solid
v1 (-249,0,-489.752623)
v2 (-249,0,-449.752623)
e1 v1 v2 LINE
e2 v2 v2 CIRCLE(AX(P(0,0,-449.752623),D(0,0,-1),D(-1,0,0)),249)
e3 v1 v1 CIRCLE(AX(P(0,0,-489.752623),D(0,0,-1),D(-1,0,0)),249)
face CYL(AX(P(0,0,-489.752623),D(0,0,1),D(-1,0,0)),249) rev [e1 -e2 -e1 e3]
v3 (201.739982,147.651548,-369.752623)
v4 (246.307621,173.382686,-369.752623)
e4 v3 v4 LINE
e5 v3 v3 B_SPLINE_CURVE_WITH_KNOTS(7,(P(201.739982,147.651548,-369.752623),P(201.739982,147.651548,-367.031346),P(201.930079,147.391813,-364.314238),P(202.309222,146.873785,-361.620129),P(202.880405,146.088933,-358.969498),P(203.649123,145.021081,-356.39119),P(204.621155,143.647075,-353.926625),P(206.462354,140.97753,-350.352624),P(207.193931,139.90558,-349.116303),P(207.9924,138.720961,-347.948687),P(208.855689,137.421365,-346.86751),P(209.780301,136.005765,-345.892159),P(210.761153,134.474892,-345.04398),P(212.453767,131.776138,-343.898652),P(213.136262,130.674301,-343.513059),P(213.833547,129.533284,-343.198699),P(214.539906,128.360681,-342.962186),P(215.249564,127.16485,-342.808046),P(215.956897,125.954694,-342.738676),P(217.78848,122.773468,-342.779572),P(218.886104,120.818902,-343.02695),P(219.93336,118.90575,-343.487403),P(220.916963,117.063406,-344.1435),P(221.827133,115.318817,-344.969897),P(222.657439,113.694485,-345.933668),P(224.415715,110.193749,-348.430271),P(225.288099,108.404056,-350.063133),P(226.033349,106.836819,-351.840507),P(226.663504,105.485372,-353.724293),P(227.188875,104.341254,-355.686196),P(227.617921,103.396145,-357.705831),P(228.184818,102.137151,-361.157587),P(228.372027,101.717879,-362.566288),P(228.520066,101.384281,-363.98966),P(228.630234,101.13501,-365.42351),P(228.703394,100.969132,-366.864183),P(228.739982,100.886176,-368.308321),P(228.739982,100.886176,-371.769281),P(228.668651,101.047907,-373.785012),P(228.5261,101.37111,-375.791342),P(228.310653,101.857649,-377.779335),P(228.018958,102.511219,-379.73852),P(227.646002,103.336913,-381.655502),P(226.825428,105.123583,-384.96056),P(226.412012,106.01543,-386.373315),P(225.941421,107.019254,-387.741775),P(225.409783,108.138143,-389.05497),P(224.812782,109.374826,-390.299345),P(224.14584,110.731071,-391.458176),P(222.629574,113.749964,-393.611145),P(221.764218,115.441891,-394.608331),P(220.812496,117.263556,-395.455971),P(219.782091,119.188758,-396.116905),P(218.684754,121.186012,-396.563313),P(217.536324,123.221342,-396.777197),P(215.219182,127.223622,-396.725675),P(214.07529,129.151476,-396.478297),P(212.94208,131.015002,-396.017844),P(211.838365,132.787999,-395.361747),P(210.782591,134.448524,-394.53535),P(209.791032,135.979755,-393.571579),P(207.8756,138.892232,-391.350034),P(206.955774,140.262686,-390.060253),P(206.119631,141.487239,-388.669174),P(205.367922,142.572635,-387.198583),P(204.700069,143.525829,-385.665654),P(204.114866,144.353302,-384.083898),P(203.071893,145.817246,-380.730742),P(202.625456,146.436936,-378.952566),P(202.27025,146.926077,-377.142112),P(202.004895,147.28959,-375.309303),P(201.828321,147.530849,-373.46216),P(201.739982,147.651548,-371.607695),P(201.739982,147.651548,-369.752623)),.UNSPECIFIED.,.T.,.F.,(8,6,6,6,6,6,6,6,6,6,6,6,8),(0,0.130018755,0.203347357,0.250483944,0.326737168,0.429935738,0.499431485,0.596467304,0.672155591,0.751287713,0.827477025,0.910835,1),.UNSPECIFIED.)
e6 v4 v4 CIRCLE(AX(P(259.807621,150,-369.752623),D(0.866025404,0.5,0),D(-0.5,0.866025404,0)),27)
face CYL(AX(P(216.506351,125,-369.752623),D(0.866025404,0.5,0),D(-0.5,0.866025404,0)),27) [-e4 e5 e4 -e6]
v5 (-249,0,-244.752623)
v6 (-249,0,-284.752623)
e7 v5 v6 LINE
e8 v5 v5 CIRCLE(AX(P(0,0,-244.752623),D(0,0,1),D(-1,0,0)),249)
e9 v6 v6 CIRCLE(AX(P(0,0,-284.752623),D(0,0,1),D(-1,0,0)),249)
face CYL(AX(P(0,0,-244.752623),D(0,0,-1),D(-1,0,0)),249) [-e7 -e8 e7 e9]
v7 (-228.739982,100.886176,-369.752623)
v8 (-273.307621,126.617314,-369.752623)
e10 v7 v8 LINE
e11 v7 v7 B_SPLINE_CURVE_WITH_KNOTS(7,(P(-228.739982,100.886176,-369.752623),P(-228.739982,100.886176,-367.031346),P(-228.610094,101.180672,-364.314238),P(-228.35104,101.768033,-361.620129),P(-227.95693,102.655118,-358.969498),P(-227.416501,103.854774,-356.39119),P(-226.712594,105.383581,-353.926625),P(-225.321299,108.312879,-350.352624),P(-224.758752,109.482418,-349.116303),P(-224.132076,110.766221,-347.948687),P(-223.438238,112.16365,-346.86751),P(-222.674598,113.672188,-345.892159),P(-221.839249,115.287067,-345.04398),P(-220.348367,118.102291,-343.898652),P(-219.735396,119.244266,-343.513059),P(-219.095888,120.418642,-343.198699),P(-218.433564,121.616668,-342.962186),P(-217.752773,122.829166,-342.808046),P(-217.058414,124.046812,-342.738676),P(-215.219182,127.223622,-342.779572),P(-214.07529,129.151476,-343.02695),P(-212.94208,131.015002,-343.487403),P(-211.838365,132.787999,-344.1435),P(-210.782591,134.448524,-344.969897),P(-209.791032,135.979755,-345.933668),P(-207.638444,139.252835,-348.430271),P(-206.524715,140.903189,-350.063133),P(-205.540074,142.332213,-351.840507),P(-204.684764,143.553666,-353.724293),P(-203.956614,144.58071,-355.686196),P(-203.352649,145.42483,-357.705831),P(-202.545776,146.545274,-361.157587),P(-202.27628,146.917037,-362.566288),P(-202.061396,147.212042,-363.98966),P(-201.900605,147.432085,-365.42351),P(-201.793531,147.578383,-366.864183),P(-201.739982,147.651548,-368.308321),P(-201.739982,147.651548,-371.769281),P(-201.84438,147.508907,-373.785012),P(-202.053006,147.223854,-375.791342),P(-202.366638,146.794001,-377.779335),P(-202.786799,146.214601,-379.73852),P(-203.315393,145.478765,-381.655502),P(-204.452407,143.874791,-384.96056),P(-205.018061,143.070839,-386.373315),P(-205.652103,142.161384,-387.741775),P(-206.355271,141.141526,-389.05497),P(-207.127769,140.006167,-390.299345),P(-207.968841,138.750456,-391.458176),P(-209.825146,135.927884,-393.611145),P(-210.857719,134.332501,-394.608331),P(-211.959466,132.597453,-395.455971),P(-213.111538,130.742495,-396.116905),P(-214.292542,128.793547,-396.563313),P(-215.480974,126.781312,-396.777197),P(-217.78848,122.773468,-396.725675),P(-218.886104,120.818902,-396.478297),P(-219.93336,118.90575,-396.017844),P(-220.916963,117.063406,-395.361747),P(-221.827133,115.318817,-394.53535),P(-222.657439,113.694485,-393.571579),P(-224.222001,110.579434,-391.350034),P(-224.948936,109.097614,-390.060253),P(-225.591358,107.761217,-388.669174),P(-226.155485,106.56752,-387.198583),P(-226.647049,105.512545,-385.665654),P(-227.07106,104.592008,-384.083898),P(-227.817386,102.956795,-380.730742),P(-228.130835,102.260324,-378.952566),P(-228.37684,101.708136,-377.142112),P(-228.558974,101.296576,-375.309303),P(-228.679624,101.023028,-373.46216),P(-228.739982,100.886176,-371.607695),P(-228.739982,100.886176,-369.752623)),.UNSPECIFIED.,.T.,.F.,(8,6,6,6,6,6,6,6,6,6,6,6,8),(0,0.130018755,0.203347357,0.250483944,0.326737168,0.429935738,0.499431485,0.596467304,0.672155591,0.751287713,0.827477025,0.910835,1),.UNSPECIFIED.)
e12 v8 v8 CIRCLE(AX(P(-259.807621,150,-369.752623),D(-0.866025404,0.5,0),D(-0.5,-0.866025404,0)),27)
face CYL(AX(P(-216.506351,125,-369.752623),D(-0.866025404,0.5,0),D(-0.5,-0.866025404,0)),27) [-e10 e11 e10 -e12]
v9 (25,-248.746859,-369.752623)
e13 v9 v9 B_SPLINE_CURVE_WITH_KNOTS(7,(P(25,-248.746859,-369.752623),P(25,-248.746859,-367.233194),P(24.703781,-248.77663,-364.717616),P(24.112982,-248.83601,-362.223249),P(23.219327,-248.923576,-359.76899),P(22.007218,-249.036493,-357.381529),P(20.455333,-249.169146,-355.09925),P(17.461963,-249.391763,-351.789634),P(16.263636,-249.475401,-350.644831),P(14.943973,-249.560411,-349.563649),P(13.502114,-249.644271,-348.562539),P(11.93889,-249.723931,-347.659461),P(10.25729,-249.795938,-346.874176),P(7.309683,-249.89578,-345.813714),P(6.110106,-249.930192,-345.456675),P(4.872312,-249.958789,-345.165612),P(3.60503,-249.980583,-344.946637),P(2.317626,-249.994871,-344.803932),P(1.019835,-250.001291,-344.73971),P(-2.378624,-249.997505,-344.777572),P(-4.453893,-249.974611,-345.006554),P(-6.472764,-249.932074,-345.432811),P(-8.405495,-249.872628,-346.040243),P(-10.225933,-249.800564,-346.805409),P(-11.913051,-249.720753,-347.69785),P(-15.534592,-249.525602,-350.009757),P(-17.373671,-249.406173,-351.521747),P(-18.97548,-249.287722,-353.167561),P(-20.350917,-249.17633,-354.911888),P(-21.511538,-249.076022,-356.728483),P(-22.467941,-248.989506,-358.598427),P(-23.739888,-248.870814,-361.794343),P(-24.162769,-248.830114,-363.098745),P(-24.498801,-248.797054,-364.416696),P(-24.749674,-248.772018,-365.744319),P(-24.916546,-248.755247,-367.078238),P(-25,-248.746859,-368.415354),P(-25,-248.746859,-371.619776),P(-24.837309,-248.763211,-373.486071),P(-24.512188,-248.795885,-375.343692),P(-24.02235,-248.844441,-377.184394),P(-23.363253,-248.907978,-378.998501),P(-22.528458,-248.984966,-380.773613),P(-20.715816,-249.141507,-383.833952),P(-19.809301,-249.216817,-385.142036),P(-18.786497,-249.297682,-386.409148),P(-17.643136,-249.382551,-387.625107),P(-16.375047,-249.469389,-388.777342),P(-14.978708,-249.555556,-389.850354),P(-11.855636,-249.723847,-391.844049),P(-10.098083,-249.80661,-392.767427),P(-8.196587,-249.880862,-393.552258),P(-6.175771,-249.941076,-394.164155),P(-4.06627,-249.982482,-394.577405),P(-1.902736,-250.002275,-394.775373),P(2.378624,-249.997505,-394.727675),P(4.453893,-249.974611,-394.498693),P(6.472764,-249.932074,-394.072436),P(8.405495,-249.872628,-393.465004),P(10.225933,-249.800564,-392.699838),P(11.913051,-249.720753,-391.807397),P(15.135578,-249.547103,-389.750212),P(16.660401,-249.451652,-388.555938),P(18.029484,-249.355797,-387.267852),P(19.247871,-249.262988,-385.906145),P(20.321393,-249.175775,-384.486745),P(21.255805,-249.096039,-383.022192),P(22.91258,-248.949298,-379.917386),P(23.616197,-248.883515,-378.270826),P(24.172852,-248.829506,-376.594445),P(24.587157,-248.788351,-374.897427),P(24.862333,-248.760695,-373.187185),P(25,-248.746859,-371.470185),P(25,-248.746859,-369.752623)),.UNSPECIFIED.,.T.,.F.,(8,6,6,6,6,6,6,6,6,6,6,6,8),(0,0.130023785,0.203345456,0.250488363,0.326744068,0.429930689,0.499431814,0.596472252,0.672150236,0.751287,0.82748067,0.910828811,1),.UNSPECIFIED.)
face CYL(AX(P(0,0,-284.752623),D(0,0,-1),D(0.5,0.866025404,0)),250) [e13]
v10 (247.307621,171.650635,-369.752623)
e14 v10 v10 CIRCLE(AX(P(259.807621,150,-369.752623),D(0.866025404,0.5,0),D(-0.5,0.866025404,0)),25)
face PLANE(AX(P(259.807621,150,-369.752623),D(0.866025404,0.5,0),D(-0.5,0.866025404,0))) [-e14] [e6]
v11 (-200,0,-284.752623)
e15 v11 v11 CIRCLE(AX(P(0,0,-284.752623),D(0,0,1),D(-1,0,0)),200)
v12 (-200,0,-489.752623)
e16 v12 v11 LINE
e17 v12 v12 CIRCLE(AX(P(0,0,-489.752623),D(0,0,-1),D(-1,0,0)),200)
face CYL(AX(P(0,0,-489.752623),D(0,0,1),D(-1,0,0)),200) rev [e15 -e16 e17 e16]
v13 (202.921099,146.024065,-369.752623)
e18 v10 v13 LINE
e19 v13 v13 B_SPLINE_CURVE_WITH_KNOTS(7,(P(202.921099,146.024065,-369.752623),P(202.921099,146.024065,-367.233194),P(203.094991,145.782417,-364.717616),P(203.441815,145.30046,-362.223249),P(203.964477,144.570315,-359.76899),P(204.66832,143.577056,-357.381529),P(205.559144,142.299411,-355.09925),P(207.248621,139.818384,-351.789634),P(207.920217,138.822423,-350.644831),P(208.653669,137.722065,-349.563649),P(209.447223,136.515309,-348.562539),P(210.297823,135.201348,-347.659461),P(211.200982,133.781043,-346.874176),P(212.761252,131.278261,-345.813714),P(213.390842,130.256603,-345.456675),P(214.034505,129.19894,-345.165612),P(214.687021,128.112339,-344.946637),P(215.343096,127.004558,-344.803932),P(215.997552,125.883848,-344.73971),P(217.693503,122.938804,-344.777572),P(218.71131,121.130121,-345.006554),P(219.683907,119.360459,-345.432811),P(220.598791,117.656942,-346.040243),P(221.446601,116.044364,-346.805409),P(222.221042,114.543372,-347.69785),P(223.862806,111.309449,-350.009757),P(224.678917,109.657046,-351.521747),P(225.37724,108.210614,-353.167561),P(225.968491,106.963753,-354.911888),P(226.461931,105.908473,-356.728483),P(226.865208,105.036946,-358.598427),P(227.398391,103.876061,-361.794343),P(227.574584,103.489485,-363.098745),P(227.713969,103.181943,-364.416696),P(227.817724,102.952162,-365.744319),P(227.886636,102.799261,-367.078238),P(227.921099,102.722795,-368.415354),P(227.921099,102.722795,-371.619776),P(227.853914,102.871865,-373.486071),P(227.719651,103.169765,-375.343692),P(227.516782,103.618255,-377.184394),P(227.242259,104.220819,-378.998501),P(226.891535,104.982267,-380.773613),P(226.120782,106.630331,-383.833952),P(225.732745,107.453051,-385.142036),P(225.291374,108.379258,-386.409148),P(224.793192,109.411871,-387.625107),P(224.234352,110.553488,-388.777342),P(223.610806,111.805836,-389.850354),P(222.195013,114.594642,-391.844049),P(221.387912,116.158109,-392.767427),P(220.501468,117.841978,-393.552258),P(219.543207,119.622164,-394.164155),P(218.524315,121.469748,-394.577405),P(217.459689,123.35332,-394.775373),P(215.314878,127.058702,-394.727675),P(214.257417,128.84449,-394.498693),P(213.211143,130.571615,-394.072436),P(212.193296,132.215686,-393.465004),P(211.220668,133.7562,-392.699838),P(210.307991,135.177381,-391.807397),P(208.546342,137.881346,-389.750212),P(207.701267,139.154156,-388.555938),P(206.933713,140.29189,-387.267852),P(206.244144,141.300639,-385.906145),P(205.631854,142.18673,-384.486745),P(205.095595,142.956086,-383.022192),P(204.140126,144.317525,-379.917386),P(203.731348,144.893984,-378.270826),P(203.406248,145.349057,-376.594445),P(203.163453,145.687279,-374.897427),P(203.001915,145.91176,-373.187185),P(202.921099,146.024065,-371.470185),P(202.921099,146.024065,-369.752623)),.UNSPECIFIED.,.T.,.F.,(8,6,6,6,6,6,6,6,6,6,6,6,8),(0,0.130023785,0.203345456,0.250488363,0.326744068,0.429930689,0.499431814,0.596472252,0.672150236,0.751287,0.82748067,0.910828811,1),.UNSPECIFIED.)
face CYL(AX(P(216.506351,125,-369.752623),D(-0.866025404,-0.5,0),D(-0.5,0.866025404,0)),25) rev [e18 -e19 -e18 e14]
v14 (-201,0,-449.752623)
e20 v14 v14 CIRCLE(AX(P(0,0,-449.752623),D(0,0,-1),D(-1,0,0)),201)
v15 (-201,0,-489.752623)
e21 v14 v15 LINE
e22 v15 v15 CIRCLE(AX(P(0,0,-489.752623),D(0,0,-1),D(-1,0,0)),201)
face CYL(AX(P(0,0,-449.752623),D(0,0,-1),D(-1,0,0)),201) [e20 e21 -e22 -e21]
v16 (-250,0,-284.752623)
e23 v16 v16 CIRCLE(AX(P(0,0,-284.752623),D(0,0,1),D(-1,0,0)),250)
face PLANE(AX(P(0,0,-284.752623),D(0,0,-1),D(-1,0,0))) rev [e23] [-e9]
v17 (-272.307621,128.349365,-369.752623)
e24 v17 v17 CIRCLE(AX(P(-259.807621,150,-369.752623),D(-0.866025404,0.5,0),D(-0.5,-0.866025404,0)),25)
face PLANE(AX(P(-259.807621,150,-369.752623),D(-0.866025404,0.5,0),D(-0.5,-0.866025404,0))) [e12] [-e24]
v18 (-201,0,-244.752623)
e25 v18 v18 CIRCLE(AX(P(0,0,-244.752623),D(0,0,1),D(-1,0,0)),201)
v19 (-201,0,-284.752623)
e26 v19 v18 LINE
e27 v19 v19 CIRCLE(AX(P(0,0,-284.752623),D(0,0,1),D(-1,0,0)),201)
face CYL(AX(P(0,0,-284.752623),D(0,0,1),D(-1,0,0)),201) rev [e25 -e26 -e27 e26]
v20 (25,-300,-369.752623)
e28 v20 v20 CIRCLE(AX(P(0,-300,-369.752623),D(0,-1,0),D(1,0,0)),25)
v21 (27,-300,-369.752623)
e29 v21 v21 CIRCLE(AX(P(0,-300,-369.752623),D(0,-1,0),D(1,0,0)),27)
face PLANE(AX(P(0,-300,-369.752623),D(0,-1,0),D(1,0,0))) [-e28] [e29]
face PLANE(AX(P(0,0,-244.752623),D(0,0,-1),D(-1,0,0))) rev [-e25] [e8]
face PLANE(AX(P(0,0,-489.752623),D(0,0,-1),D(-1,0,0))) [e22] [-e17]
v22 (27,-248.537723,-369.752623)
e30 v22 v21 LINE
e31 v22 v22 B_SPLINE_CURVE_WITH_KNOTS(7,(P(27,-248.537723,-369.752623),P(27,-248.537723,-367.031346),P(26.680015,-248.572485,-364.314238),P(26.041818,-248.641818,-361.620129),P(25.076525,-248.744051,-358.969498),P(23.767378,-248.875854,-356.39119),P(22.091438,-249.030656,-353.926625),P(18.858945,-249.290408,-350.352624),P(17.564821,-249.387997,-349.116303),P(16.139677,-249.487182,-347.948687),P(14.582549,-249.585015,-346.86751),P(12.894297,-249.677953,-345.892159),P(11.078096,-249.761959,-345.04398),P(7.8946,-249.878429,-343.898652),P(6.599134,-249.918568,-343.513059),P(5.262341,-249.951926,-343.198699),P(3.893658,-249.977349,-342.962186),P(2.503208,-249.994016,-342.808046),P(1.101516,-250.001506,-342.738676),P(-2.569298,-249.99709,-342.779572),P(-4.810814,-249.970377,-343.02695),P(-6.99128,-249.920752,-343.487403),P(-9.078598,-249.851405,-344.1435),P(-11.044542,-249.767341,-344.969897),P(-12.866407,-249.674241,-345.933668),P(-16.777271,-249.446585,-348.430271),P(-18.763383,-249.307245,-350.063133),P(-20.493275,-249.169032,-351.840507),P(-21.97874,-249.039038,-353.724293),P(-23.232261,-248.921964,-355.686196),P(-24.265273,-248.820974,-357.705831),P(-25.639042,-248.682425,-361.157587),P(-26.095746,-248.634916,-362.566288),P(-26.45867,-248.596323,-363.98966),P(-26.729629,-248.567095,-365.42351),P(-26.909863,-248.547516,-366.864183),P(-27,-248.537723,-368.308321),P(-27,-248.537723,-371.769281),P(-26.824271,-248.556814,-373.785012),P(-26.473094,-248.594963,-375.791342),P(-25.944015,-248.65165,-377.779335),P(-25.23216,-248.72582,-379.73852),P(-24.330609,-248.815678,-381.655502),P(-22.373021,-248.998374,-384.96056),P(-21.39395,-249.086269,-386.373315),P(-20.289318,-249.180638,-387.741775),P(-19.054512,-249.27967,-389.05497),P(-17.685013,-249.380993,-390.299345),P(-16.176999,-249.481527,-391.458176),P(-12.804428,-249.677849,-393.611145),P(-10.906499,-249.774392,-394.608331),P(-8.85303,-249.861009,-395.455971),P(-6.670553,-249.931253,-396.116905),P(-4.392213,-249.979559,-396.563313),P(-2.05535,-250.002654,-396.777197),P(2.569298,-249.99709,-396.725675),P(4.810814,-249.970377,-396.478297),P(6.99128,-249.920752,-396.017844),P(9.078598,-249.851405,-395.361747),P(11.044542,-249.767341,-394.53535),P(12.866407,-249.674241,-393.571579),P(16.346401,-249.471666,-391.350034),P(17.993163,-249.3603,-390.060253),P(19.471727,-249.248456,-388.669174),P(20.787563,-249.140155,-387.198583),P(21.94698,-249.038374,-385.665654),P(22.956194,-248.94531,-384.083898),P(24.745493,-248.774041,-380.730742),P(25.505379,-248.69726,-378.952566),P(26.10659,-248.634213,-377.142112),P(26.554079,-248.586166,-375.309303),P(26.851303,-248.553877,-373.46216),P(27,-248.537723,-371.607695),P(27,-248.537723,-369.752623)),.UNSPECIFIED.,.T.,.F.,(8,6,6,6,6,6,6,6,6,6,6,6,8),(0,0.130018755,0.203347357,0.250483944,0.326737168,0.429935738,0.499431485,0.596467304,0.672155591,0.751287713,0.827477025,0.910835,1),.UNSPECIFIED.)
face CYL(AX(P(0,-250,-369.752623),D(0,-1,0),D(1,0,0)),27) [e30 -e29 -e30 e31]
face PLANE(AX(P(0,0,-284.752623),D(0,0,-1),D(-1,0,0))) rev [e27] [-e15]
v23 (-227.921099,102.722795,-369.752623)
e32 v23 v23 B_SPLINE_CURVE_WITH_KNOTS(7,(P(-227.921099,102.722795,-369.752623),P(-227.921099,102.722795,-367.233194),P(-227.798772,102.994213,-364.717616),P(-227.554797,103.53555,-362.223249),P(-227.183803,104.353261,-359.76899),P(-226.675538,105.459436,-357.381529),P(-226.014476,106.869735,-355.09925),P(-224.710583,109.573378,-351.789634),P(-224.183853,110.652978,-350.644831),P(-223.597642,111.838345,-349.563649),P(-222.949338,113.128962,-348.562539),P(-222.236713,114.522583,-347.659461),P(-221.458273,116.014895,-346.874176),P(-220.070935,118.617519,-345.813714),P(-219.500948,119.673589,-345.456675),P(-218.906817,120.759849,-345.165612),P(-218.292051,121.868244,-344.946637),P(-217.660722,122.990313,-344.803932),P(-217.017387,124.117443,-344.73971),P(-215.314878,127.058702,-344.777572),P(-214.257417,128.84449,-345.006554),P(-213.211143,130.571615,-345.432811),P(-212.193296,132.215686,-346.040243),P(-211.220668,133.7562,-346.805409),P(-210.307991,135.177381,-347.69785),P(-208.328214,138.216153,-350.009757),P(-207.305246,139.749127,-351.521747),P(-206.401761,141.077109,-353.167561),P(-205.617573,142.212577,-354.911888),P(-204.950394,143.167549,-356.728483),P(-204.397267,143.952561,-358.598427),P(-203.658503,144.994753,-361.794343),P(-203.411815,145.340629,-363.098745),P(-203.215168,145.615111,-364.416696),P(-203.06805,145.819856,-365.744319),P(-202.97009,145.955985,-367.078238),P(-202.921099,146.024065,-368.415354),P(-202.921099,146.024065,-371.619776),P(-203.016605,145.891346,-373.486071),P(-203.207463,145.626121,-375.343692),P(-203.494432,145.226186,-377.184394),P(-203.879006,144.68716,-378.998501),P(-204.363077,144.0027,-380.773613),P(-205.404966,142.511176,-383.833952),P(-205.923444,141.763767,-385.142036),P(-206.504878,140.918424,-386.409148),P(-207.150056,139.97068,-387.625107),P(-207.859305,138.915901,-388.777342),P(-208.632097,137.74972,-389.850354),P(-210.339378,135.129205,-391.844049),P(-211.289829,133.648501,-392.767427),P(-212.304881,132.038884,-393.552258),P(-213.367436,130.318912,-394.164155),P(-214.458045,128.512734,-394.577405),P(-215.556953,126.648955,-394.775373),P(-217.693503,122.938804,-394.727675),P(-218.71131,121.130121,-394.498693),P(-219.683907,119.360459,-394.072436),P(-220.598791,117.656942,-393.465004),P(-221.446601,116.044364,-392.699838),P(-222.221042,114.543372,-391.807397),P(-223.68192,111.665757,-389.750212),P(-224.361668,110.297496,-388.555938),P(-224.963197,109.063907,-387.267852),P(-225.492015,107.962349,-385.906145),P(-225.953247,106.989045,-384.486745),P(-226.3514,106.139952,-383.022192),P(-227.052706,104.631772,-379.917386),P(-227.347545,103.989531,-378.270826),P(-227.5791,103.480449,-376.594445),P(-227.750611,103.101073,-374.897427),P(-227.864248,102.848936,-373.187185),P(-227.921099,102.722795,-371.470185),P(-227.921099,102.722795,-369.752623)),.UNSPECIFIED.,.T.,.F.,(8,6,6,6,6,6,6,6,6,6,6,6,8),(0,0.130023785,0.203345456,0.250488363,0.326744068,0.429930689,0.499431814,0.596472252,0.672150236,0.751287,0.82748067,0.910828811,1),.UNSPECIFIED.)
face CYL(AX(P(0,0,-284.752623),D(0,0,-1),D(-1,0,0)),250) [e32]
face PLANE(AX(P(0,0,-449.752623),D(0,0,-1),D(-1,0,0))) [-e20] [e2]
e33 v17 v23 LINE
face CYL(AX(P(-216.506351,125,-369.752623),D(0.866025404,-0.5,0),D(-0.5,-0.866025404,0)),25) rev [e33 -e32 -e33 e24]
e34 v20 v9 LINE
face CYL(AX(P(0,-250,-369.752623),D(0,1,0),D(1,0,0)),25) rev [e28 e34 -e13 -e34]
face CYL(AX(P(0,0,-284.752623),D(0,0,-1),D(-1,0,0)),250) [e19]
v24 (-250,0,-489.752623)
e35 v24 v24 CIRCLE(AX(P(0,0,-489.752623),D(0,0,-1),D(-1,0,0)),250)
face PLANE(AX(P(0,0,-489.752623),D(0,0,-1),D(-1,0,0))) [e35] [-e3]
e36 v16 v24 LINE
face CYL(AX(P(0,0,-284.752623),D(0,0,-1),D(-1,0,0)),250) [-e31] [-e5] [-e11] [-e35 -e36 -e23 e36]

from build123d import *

# Parameters (mm, degrees)
F2_R     = 25
F3_DEPTH = 661
F5_R     = 27
F5_R_2   = 25
F6_DEPTH = 50
F7_COUNT = 3


with BuildPart() as f1:
    # F0 (on Front) → F1 (revolve)
    with BuildSketch(Plane.XZ):
        Polygon((-201, -489.7526234735), (-200, -489.7526234735), (-200, -284.7526234735), (-201, -284.7526234735), (-201, -244.7526234735), (-249, -244.7526234735), (-249, -284.7526234735), (-250, -284.7526234735), (-250, -489.7526234735), (-249, -489.7526234735), (-249, -449.7526234735), (-201, -449.7526234735), align=None)
    revolve(axis=Axis((0, 0, -77.0492781825), (0, 0, -1)))

    # F2 (on Front) → F3 (cut)
    with BuildSketch(Plane.XZ):
        with Locations((0, -369.7526234735)):
            Circle(F2_R)
    extrude(amount=F3_DEPTH, mode=Mode.SUBTRACT)

    # F5 (on offset) → F6 (join, symmetric)
    with BuildSketch(Plane.XZ.offset(250)):
        with Locations((0, -369.7526234735)):
            Circle(F5_R)
        with Locations((0, -369.7526234735)):
            Circle(F5_R_2, mode=Mode.SUBTRACT)
    extrude(amount=F6_DEPTH, both=True)

    # F7: F1 ×3 about axis
    f7_axis = Axis((0, 0, -369.7526234735), (0, 0, -1))


with BuildPart() as f1_1:
    add(f1.part)
    for i in range(1, F7_COUNT):
        add(f1.part.rotate(f7_axis, i * 360 / F7_COUNT))


solid = f1_1.part
